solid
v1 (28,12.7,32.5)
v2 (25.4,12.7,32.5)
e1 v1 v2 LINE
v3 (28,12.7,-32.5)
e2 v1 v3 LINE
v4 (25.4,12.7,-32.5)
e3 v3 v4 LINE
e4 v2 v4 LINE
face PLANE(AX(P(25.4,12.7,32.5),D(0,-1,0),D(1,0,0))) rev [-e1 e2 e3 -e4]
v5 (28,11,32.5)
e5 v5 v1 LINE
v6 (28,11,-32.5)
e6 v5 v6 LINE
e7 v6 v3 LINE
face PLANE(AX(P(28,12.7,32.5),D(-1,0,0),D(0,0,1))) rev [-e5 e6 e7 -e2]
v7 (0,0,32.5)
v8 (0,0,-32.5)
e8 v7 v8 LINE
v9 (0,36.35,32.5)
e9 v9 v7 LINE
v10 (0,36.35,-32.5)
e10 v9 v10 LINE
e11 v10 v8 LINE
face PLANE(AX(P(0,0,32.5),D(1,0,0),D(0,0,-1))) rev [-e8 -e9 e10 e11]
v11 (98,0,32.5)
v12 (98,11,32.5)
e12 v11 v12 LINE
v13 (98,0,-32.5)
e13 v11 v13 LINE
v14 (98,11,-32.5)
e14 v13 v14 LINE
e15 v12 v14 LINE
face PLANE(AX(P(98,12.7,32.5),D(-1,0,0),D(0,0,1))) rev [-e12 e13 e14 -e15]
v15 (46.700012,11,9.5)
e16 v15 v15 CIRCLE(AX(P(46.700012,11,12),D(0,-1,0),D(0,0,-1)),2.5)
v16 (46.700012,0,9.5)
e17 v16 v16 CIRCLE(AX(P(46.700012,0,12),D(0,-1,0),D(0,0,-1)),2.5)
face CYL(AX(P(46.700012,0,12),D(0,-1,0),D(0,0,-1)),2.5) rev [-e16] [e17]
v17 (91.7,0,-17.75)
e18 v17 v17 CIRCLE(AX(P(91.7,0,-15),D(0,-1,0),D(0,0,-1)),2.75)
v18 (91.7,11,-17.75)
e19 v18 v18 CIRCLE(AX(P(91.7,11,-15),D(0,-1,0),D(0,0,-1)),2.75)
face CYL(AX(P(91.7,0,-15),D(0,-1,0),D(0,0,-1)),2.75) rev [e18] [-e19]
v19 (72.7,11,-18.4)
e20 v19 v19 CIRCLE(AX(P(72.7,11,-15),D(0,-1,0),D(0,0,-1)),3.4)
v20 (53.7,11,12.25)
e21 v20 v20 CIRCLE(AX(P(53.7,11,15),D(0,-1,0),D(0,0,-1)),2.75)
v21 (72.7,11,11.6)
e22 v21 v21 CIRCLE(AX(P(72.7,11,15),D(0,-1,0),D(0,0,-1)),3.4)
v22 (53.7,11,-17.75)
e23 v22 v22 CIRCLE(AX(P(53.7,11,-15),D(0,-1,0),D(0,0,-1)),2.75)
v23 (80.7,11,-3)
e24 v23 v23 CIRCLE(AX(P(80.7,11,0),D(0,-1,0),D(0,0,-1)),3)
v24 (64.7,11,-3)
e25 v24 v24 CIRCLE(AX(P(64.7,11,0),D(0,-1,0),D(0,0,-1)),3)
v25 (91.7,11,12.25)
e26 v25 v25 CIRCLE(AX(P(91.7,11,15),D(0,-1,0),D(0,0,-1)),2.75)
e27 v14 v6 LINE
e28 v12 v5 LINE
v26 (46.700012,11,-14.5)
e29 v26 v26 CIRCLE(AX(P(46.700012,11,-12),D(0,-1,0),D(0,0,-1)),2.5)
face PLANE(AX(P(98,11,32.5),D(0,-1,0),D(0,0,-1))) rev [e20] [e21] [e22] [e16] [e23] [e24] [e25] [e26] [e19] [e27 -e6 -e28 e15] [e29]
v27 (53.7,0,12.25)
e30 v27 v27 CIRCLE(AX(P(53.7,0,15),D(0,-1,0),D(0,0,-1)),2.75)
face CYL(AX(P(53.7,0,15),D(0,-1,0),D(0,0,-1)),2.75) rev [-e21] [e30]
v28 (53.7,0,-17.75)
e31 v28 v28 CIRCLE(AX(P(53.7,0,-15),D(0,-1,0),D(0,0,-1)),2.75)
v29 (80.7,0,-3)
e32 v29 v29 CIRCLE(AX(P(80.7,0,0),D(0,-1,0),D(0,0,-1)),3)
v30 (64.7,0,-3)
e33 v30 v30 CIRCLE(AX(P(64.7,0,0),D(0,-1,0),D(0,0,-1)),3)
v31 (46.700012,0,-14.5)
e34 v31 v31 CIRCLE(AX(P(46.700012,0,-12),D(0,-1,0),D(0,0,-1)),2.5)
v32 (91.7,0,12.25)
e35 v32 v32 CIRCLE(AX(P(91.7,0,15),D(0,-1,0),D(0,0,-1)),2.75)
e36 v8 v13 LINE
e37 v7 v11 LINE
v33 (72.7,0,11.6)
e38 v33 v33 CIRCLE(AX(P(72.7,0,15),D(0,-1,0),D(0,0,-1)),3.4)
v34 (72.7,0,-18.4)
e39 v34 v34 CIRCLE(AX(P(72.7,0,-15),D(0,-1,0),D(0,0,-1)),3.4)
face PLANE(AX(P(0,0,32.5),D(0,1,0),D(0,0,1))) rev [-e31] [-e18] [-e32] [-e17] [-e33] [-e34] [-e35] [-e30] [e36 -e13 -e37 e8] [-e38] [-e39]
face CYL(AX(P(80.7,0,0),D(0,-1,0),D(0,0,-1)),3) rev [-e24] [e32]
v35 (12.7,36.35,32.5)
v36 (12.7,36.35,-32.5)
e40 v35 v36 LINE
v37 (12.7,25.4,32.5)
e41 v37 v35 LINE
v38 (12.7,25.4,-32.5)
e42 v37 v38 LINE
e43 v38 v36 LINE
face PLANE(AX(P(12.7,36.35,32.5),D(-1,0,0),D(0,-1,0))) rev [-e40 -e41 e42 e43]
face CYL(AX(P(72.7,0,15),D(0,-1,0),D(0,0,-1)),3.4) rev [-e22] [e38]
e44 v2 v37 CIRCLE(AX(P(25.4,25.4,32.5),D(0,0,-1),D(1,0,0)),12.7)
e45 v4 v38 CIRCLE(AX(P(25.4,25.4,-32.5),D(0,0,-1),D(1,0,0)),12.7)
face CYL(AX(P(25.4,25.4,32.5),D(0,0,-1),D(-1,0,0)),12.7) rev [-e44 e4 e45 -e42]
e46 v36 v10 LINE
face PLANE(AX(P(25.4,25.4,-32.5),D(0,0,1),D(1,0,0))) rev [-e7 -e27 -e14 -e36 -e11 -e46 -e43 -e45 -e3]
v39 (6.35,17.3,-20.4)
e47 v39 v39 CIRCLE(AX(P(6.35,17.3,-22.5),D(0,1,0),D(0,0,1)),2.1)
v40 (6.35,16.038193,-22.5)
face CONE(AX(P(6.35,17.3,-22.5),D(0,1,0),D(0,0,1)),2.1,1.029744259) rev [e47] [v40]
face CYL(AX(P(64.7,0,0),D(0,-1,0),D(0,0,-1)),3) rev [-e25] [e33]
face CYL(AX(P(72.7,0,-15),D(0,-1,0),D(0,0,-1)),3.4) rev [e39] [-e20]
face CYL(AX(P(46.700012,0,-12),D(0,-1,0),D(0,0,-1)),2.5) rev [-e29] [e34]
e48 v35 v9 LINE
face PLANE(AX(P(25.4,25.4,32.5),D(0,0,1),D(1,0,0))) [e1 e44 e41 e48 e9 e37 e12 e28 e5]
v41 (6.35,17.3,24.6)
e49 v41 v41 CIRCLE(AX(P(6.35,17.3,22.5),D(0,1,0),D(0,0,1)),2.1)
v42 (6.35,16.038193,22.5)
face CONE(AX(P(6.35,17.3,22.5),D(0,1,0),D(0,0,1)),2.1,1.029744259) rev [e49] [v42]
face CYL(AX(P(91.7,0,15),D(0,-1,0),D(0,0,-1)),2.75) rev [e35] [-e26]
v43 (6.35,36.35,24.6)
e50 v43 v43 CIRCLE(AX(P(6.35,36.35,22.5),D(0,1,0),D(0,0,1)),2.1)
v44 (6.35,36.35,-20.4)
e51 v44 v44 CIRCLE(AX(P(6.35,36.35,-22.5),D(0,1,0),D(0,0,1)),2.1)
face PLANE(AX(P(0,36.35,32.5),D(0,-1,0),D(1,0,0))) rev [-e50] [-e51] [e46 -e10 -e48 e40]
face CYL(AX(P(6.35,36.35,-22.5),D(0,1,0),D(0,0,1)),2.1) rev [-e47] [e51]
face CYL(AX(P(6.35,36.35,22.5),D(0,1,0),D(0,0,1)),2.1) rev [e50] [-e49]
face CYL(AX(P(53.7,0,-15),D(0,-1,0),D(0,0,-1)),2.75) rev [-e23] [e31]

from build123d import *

# Parameters (mm, degrees)
EXTRUDE1_DEPTH            = 32.5
SKETCH2_W                 = 70
SKETCH2_H                 = 1.7
CUT_EXTRUDE1_DEPTH        = 124.086646311
M5_CLEARANCE_HOLE1_D      = 5.5
M5X0_8_TAPPED_HOLE1_D     = 4.2
M5X0_8_TAPPED_HOLE1_DEPTH = 19.05
M5X0_8_TAPPED_HOLE1_TIP   = 1.2618073
F_5_0_5_DIAMETER_HOLE1_D  = 5
M8X1_25_TAPPED_HOLE1_D    = 6.8
F_6_0_6_DIAMETER_HOLE1_D  = 6


with BuildPart() as part:
    # Sketch1 → Extrude1 (new, symmetric)
    with BuildSketch(Plane.XY):
        with BuildLine():
            Line((0, 0), (98, 0))
            Line((98, 0), (98, 12.7))
            Line((98, 12.7), (25.4, 12.7))
            ThreePointArc((25.4, 12.7), (16.419743879, 16.419743879), (12.7, 25.4))
            Line((12.7, 25.4), (12.7, 36.35))
            Line((12.7, 36.35), (0, 36.35))
            Line((0, 36.35), (0, 0))
        make_face()
    extrude(amount=EXTRUDE1_DEPTH, both=True)

    # Sketch2 → Cut-Extrude1 (cut, through all)
    with BuildSketch(Plane(origin=(0, 0, -32.5), x_dir=(-1, 0, 0), z_dir=(0, 0, -1))):
        with Locations((-63, 11.85)):
            Rectangle(SKETCH2_W, SKETCH2_H)
    extrude(amount=-CUT_EXTRUDE1_DEPTH, mode=Mode.SUBTRACT)

    # M5 Clearance Hole1 (through all)
    with Locations(Plane.XZ):
        with Locations((53.7, 15), (91.7, 15), (91.7, -15), (53.7, -15)):
            Hole(M5_CLEARANCE_HOLE1_D / 2)

    # M5x0.8 Tapped Hole1
    with Locations(Plane(origin=(0, 36.35, 0), x_dir=(-1, 0, 0), z_dir=(0, 1, 0))):
        with Locations((-6.35, 22.5), (-6.35, -22.5)):
            Hole(M5X0_8_TAPPED_HOLE1_D / 2, depth=M5X0_8_TAPPED_HOLE1_DEPTH)
            with Locations((0, 0, -(M5X0_8_TAPPED_HOLE1_DEPTH + M5X0_8_TAPPED_HOLE1_TIP / 2))):  # 118° drill point
                Cone(0, M5X0_8_TAPPED_HOLE1_D / 2, M5X0_8_TAPPED_HOLE1_TIP, mode=Mode.SUBTRACT)

    # Ø5.0 (5) Diameter Hole1 (through all)
    with Locations(Plane.XZ):
        with Locations((46.70001183, 12), (46.70001183, -12)):
            Hole(F_5_0_5_DIAMETER_HOLE1_D / 2)

    # M8x1.25 Tapped Hole1 (through all)
    with Locations(Plane.XZ):
        with Locations((72.7, -15), (72.7, 15)):
            Hole(M8X1_25_TAPPED_HOLE1_D / 2)

    # Ø6.0 (6) Diameter Hole1 (through all)
    with Locations(Plane.XZ):
        with Locations((64.7, 0), (80.7, 0)):
            Hole(F_6_0_6_DIAMETER_HOLE1_D / 2)


solid = part.part
